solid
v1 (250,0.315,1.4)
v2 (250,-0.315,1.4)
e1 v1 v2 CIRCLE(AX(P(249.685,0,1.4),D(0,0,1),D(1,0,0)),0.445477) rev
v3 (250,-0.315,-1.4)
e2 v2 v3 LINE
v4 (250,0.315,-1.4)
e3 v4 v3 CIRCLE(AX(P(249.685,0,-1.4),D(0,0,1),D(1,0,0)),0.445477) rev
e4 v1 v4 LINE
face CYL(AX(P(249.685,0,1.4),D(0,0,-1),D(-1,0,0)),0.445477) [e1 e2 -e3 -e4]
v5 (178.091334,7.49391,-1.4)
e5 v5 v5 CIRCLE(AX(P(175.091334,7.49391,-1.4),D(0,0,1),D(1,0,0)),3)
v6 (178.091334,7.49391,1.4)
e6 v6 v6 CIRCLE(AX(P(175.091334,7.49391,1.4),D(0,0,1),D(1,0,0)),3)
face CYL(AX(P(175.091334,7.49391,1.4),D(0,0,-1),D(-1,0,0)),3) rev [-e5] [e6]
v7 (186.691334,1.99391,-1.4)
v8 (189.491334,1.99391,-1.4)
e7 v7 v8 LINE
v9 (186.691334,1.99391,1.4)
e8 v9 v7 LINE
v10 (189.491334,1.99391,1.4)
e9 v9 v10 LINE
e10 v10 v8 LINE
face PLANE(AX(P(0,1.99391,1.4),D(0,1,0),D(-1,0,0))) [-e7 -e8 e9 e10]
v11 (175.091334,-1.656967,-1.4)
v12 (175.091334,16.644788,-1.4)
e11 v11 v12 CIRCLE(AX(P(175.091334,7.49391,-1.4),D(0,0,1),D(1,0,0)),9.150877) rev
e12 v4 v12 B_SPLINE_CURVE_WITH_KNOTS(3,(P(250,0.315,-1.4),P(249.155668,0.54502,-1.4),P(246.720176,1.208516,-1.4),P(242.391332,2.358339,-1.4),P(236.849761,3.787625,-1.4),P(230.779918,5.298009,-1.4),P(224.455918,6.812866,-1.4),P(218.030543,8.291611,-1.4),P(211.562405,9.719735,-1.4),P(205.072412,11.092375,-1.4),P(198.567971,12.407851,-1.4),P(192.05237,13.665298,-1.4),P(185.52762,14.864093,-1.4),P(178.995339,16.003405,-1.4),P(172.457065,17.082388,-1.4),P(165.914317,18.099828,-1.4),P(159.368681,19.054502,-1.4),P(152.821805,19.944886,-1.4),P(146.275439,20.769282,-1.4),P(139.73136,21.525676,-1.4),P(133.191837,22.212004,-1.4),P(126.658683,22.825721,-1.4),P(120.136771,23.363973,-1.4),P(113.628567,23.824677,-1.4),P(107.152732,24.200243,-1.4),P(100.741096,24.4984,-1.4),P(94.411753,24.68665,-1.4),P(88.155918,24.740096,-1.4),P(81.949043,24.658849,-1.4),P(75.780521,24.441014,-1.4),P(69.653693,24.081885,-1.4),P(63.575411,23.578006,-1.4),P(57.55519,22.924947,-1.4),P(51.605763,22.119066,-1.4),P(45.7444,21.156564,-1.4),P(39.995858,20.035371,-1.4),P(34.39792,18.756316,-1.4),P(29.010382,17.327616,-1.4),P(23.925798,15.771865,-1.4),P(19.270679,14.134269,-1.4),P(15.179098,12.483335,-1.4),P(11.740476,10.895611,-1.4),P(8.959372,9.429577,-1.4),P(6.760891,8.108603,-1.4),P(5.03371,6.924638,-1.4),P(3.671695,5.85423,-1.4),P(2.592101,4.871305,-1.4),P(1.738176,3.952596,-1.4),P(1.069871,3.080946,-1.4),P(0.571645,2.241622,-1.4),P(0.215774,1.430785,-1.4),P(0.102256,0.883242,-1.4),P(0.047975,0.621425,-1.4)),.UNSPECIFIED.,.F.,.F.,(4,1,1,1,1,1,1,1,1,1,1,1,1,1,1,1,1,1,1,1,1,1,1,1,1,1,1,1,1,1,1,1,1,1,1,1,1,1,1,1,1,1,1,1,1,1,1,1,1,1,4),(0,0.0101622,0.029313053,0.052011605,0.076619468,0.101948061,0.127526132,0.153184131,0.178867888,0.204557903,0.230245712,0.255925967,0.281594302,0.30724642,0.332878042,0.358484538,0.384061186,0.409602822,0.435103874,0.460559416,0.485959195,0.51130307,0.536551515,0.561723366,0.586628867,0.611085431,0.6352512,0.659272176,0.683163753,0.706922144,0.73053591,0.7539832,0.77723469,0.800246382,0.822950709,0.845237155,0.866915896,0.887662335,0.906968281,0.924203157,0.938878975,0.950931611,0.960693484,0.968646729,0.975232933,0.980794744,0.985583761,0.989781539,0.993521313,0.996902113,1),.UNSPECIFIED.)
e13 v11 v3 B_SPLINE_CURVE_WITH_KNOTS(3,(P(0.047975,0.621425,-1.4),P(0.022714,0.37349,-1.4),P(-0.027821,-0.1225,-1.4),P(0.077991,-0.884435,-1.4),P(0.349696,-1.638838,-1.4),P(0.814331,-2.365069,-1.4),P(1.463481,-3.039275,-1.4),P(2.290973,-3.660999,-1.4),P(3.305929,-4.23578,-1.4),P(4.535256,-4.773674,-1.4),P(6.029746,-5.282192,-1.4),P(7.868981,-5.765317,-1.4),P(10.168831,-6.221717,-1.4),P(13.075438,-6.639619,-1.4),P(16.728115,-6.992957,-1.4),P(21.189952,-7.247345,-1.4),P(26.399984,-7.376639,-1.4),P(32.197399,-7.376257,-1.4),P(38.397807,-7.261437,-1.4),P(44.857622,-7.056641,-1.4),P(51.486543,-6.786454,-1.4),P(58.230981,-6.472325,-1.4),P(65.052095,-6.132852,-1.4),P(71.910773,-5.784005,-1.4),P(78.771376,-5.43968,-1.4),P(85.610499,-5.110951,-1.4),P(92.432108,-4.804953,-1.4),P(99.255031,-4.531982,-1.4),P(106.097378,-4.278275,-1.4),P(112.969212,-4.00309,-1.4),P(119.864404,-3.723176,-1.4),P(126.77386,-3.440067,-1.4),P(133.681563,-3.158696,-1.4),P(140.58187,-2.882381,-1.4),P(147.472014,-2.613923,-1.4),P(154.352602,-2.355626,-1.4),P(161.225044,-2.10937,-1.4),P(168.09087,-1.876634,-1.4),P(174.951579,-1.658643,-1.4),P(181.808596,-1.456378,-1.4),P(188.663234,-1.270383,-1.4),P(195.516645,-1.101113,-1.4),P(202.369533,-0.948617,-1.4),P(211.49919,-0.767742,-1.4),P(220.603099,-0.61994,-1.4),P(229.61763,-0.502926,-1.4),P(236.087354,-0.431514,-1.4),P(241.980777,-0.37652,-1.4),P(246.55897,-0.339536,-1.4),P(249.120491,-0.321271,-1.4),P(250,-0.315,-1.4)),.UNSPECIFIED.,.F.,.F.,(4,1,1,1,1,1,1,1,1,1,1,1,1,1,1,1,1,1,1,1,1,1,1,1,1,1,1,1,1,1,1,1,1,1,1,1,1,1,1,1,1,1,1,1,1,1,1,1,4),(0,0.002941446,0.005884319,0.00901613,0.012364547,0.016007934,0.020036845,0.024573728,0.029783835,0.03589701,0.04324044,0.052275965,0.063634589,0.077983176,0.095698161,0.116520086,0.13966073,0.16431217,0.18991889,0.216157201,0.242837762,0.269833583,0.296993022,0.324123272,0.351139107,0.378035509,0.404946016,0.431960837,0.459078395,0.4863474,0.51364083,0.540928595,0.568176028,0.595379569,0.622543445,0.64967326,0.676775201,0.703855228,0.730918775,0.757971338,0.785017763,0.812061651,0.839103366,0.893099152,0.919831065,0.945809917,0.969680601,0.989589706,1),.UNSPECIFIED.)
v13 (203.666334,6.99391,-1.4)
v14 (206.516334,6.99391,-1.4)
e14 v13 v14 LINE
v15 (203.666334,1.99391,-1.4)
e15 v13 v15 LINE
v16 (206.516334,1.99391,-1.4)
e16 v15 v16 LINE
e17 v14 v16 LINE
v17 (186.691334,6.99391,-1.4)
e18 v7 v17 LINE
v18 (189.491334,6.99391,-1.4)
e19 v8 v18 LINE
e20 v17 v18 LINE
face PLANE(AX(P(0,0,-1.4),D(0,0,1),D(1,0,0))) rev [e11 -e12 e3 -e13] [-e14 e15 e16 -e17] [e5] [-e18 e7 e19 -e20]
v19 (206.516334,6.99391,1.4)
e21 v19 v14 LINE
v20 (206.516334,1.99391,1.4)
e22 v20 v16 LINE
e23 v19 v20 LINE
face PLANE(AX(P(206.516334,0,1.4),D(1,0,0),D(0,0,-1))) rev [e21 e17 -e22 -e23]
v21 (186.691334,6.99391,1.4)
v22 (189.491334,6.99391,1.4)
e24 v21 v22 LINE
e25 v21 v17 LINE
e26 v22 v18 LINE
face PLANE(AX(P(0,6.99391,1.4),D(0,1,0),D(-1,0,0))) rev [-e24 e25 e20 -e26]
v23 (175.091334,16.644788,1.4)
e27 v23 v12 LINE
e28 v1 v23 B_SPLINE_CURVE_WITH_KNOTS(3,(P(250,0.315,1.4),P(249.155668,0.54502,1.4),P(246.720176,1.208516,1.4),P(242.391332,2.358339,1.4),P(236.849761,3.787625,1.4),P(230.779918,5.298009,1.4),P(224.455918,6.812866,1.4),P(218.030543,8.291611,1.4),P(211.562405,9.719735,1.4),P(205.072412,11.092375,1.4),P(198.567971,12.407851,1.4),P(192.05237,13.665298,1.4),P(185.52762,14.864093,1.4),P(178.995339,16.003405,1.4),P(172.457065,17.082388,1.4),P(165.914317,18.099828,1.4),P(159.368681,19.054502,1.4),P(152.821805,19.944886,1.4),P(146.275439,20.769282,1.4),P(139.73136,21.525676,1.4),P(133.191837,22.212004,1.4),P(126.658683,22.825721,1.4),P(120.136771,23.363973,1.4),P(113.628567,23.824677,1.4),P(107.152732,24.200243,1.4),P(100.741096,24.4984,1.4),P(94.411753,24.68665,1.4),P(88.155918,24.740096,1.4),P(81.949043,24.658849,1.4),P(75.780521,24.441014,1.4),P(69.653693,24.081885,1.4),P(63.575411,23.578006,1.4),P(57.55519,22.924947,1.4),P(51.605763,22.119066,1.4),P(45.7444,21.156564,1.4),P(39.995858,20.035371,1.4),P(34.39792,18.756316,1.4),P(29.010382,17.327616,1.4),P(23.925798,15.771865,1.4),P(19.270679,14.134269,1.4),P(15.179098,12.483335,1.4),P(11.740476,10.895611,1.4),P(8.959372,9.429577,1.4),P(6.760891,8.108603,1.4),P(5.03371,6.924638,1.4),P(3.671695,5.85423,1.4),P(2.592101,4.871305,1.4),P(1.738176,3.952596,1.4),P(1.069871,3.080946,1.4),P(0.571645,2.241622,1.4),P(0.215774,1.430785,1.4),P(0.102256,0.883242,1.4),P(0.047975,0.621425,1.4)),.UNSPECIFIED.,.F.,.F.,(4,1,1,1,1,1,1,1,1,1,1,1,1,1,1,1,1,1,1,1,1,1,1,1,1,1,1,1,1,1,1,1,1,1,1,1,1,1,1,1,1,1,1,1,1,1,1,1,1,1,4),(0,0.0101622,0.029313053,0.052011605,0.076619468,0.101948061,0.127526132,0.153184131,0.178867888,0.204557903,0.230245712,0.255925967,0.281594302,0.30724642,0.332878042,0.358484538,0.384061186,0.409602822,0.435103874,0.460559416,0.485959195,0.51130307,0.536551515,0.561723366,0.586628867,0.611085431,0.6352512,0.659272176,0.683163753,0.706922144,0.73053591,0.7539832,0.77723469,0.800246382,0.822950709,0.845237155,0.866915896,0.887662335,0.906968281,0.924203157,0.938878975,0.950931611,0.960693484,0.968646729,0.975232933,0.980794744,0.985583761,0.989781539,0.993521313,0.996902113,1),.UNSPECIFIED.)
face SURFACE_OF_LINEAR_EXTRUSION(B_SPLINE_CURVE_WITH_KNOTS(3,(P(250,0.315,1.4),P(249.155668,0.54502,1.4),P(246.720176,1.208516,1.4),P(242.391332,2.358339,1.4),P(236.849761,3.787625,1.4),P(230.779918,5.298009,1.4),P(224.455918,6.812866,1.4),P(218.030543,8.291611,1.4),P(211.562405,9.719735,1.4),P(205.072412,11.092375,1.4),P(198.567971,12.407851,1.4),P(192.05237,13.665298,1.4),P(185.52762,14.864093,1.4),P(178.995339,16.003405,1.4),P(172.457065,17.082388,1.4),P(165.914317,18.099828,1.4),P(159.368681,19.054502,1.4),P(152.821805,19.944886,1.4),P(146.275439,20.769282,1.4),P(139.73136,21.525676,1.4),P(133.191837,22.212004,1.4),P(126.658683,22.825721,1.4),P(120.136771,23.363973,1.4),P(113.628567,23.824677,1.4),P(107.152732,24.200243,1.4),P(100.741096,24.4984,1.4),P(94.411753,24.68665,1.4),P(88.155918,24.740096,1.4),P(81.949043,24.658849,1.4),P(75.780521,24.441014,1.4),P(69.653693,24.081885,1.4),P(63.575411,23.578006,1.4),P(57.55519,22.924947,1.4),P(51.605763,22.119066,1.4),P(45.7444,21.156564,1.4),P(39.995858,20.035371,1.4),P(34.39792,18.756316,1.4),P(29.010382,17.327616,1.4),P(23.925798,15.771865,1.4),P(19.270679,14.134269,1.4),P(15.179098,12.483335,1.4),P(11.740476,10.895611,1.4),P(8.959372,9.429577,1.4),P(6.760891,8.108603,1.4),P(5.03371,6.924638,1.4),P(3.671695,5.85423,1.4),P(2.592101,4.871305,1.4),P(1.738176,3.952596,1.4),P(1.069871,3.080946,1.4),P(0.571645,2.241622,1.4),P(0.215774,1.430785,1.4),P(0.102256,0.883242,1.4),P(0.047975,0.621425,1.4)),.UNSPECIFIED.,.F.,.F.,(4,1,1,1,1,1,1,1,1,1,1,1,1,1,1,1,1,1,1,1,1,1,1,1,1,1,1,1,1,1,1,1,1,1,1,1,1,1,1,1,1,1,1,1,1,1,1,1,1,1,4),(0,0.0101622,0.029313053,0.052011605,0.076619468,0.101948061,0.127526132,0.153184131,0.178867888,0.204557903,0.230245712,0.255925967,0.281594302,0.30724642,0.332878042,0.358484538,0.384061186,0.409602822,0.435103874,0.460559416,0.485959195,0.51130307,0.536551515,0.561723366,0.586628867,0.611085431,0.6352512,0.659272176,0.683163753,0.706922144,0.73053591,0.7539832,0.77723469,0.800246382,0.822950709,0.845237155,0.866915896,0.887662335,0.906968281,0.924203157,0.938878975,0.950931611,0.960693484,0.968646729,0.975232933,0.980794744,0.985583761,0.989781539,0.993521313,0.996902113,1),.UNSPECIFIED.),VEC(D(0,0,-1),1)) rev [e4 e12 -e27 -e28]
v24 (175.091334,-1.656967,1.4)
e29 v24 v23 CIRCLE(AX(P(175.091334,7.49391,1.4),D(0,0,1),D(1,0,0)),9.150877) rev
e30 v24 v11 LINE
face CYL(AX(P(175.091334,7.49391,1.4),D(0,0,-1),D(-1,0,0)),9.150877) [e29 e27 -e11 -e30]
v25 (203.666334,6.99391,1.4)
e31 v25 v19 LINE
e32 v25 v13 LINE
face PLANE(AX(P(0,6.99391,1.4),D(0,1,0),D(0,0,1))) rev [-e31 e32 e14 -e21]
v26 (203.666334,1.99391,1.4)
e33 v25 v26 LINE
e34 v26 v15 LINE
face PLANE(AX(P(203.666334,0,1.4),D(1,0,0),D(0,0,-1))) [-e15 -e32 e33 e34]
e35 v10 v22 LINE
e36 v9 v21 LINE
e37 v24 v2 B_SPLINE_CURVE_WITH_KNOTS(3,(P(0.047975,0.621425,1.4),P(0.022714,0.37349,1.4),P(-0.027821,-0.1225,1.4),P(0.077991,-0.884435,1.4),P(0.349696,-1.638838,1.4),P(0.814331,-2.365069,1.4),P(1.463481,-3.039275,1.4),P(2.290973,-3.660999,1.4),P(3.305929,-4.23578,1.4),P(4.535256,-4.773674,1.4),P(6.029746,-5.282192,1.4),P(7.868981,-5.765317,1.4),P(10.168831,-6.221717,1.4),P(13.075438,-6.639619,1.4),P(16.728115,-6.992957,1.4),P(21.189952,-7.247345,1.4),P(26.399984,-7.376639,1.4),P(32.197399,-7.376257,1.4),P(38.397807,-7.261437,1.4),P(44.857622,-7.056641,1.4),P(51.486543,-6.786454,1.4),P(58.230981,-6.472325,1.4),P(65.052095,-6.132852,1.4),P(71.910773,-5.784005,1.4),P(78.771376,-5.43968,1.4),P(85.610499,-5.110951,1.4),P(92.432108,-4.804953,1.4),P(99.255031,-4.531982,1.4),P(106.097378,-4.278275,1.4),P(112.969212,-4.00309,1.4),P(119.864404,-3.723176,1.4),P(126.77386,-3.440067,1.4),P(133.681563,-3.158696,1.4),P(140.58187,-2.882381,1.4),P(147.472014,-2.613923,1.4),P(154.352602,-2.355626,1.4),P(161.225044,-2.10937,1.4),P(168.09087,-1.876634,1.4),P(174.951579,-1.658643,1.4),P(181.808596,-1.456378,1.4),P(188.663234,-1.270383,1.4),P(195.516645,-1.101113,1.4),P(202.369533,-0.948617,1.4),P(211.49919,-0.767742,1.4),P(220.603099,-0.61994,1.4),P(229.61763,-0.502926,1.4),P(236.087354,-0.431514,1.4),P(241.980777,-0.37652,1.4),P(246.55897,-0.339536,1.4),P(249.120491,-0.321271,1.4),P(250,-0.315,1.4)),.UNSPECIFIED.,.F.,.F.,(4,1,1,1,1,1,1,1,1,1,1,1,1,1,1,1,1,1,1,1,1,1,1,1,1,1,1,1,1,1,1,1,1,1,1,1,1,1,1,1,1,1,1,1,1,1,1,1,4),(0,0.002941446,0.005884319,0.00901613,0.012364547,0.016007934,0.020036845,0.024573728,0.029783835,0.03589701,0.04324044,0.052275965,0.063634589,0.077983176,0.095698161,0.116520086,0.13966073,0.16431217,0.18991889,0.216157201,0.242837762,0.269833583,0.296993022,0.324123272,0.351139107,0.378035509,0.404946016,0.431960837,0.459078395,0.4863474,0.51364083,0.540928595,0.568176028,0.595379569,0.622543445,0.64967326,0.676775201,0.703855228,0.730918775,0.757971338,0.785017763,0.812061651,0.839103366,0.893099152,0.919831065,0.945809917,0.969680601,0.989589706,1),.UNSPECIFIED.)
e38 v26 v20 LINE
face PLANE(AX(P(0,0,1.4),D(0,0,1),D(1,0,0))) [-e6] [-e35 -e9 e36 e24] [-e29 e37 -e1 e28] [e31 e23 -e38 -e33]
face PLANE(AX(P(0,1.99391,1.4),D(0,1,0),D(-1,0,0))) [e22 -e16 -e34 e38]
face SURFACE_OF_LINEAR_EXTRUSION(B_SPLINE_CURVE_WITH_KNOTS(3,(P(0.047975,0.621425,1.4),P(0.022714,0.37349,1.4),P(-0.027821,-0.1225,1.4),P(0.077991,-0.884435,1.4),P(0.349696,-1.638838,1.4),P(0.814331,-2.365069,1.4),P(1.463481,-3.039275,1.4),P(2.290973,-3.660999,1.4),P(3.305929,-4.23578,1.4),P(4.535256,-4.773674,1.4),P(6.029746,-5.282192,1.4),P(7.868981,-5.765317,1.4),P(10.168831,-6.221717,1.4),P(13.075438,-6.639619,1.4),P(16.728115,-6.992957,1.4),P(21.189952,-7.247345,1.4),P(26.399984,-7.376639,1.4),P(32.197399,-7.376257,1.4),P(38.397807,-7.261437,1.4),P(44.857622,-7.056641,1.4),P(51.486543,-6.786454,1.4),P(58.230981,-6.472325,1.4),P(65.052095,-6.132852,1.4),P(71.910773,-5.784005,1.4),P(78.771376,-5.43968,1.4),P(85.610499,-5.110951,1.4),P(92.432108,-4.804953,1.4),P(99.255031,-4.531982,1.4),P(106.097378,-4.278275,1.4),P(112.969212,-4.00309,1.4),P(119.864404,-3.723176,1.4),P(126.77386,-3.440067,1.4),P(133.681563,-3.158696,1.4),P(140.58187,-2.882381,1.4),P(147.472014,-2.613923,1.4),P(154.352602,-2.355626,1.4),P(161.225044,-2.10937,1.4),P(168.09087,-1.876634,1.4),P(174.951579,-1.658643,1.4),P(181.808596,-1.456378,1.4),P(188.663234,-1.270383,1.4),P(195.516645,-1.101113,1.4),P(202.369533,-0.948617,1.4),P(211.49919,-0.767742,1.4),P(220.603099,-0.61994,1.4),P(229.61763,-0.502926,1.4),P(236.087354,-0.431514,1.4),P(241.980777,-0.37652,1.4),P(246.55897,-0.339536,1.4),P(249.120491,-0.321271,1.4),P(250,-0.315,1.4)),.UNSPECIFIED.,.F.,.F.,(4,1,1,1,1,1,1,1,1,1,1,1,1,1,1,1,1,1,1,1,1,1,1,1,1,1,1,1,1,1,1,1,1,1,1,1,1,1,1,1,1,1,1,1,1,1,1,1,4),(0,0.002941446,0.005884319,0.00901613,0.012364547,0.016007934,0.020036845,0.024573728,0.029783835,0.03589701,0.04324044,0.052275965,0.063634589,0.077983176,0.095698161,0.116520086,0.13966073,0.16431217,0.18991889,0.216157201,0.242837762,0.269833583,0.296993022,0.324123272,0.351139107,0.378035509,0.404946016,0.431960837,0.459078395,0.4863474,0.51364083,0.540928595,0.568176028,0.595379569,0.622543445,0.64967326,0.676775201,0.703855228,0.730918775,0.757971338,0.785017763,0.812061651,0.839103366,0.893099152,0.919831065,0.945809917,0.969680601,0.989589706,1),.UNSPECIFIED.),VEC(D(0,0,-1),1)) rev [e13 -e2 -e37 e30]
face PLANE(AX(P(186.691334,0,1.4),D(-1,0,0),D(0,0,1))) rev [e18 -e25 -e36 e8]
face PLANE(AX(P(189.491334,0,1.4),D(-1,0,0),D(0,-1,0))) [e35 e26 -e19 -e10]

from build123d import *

# Parameters (mm, degrees)
SKETCH_1_R      = 3
SKETCH_1_W      = 2.8
SKETCH_1_H      = 5
SKETCH_1_W_2    = 2.85
EXTRUDE_1_DEPTH = 1.4


with BuildPart() as part:
    # Эскиз1 → Бобышка-Вытянуть1 (new, symmetric)
    with BuildSketch(Plane.XY):
        with BuildLine():
            ThreePointArc((175.091334091, 16.644787515), (168.620686799, 13.96455765), (165.940456932, 7.493910359))
            ThreePointArc((165.940456932, 7.493910359), (168.620686797, 1.023263065), (175.091334091, -1.656966802))
            add(Edge.make_bspline(
                [(175.091334091, -1.656966802), (177.330680613, -1.588466601), (181.854695323, -1.455127256), (188.663234462, -1.270383377), (195.516645168, -1.101112884), (202.369532894, -0.948617189), (211.49919029, -0.767742353), (220.603098666, -0.619939742), (229.617630172, -0.50292618), (236.087353854, -0.431514192), (241.980776913, -0.376520461), (246.558970011, -0.339535886), (249.120490965, -0.321271242), (250, -0.315)],
                knots=[0.704401069, 0.704401069, 0.704401069, 0.704401069, 0.730918775, 0.757971338, 0.785017763, 0.812061651, 0.839103366, 0.893099152, 0.919831065, 0.945809917, 0.969680601, 0.989589706, 1, 1, 1, 1], degree=3))
            ThreePointArc((250, -0.315), (250.130477272, 0), (250, 0.315))
            add(Edge.make_bspline(
                [(250, 0.315), (249.15566774, 0.545019818), (246.720175698, 1.208516243), (242.391332083, 2.358339053), (236.849761204, 3.787625364), (230.779918279, 5.298008837), (224.455917947, 6.812866028), (218.030543496, 8.291610632), (211.562405045, 9.719735057), (205.072411509, 11.092374932), (198.567970913, 12.407850726), (192.052369914, 13.665297924), (185.527619973, 14.864093303), (179.872800983, 15.850364437), (176.392239334, 16.431323122), (175.091334091, 16.644787515)],
                knots=[0, 0, 0, 0, 0.0101622, 0.029313053, 0.052011605, 0.076619468, 0.101948061, 0.127526132, 0.153184131, 0.178867888, 0.204557903, 0.230245712, 0.255925967, 0.281594302, 0.296903142, 0.296903142, 0.296903142, 0.296903142], degree=3))
        make_face()
        with Locations((175.091334091, 7.493910357)):
            Circle(SKETCH_1_R, mode=Mode.SUBTRACT)
        with Locations((188.091334091, 4.493910357)):
            Rectangle(SKETCH_1_W, SKETCH_1_H, mode=Mode.SUBTRACT)
        with Locations((205.091334091, 4.493910357)):
            Rectangle(SKETCH_1_W_2, SKETCH_1_H, mode=Mode.SUBTRACT)
    extrude(amount=EXTRUDE_1_DEPTH, both=True)


solid = part.part
